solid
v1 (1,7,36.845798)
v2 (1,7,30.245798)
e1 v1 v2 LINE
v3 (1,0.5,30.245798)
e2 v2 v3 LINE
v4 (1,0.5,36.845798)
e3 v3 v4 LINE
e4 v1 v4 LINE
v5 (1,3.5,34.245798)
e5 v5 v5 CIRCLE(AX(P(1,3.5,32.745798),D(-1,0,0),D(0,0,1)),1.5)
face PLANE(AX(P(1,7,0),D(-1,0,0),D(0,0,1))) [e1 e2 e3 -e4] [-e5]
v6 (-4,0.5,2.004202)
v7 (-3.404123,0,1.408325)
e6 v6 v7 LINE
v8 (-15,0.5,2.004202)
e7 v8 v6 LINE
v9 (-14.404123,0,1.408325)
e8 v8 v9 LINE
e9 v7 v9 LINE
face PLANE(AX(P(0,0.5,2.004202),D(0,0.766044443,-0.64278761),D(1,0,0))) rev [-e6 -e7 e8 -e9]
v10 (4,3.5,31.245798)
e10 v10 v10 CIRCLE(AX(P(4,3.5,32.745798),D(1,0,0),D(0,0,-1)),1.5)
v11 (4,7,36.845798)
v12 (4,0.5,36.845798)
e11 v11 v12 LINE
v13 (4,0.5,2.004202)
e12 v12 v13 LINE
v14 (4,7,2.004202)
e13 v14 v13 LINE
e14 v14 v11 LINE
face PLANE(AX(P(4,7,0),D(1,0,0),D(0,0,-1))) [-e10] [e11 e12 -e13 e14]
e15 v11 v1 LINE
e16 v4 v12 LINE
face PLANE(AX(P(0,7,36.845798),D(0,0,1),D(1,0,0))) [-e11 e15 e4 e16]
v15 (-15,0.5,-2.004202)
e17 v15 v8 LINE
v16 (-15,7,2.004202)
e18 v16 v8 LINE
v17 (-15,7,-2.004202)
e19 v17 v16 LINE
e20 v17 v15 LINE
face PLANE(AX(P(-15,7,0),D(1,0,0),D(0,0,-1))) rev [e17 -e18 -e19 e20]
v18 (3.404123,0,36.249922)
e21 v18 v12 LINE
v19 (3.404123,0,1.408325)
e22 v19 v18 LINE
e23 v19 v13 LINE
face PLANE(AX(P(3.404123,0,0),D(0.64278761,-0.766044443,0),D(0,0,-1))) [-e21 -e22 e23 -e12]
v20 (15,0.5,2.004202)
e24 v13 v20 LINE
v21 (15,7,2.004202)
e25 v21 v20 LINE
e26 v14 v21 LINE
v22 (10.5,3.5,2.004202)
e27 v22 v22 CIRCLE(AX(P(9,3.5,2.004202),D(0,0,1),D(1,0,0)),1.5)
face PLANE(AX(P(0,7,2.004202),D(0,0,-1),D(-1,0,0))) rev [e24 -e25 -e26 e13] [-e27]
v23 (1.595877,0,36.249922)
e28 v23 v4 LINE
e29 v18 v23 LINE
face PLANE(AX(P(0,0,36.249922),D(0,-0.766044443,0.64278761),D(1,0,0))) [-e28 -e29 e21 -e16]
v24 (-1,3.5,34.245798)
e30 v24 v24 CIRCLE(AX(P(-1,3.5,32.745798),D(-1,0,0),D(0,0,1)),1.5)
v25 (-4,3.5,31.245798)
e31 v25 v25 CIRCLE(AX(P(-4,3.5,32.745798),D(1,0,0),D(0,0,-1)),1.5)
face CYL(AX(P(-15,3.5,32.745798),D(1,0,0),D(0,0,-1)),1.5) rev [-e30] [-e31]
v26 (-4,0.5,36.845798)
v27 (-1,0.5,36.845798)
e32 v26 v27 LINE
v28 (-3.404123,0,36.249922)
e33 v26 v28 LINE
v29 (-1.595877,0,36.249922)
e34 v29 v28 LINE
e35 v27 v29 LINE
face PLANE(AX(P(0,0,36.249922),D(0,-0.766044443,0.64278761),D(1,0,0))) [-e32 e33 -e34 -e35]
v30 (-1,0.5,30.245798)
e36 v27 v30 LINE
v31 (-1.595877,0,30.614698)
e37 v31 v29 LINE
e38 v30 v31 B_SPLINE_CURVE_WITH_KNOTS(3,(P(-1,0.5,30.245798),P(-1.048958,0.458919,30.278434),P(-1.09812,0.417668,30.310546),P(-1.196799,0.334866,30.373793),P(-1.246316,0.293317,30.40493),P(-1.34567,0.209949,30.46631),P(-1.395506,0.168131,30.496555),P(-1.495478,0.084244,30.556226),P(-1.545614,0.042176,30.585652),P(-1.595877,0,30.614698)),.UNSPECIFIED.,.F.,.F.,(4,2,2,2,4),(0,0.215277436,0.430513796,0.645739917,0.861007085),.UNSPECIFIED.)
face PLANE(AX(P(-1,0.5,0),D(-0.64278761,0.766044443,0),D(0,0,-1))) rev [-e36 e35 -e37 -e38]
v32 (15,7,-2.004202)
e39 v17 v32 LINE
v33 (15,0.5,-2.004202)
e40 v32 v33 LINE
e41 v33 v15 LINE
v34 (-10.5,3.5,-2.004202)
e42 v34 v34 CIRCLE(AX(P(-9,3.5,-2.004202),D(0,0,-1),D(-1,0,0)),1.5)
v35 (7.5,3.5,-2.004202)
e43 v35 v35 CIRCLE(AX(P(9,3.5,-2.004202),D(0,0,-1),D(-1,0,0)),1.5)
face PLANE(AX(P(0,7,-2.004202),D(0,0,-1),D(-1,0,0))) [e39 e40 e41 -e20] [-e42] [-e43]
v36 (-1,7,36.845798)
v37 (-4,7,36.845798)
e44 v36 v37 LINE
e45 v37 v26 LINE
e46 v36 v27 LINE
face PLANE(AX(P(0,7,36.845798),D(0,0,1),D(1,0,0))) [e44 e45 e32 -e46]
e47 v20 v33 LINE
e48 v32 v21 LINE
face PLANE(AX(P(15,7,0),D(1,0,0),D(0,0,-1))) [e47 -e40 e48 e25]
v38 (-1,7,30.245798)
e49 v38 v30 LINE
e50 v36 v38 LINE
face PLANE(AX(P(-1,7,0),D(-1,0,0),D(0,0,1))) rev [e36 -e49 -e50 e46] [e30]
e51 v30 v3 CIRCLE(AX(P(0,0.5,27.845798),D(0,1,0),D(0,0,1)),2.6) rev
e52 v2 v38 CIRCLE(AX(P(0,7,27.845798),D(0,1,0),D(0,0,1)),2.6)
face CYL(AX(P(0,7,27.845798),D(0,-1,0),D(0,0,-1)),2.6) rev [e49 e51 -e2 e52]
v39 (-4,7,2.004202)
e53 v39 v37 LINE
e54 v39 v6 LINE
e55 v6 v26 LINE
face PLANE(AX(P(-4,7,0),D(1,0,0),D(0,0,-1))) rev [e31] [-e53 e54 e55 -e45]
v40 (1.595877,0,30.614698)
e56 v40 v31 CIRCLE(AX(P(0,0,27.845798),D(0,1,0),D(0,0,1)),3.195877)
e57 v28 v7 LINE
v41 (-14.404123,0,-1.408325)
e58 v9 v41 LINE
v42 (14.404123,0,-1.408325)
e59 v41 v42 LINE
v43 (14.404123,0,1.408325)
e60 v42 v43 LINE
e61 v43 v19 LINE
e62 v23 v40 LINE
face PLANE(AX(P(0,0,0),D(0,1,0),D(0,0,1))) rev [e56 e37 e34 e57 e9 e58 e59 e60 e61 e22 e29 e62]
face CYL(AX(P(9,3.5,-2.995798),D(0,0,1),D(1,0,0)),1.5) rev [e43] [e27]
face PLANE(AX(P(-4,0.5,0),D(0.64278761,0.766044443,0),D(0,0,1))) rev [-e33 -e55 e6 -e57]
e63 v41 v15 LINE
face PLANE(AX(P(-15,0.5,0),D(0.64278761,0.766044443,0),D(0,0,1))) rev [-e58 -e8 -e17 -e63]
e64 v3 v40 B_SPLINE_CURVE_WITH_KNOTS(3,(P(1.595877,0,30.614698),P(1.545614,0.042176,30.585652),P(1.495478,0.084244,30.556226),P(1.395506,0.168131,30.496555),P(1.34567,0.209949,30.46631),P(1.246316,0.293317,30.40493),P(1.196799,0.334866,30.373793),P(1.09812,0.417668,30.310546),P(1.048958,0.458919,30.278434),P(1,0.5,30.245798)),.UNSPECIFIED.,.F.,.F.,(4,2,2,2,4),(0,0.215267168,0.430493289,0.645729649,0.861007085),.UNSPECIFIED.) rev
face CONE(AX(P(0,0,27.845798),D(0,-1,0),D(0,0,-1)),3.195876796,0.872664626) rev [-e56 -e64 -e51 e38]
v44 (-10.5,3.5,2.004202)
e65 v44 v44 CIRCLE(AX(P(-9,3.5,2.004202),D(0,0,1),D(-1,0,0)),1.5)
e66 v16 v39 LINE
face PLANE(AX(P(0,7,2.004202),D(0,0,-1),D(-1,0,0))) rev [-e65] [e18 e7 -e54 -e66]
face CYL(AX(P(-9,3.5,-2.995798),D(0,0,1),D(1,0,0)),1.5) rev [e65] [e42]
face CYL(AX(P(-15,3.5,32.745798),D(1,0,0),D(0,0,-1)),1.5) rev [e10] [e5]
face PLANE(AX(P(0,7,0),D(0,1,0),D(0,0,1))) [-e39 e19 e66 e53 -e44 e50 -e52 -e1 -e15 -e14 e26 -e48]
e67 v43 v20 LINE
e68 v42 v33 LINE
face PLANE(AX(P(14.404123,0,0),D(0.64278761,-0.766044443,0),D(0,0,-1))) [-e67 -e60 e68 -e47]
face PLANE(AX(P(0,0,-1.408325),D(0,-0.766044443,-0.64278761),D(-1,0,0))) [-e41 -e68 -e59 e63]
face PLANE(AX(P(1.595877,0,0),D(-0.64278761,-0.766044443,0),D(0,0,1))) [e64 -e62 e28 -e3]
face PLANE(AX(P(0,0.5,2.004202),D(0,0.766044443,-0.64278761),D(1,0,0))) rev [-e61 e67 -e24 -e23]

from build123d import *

# Parameters (mm, degrees)
SKETCH1_W              = 30
SKETCH1_H              = 4.008403362
BOSS_EXTRUDE1_DEPTH    = 7
SKETCH2_R              = 1.5
CUT_EXTRUDE1_DEPTH     = 20
SKETCH3_R              = 1.5
CUT_EXTRUDE2_DEPTH     = 5
CHAMFER1_SIZE          = 0.5
CHAMFER1_SIZE2         = 0.595876796
CHAMFER1_PART_2_SIZE   = 0.5
CHAMFER1_PART_2_SIZE2  = 0.595876796
CHAMFER1_PART_3_SIZE   = 0.5
CHAMFER1_PART_3_SIZE2  = 0.595876796
CHAMFER1_PART_4_SIZE   = 0.5
CHAMFER1_PART_4_SIZE2  = 0.595876796
CHAMFER1_PART_5_SIZE   = 0.5
CHAMFER1_PART_5_SIZE2  = 0.595876796
CHAMFER1_PART_6_SIZE   = 0.5
CHAMFER1_PART_6_SIZE2  = 0.595876796
CHAMFER1_PART_7_SIZE   = 0.5
CHAMFER1_PART_7_SIZE2  = 0.595876796
CHAMFER1_PART_8_SIZE   = 0.5
CHAMFER1_PART_8_SIZE2  = 0.595876796
CHAMFER1_PART_9_SIZE   = 0.5
CHAMFER1_PART_9_SIZE2  = 0.595876796
CHAMFER1_PART_10_SIZE  = 0.5
CHAMFER1_PART_10_SIZE2 = 0.595876796
CHAMFER1_PART_11_SIZE  = 0.5
CHAMFER1_PART_11_SIZE2 = 0.595876796
CHAMFER1_PART_12_SIZE  = 0.5
CHAMFER1_PART_12_SIZE2 = 0.595876796


with BuildPart() as part:
    # Sketch1 → Boss-Extrude1 (new body)
    with BuildSketch(Plane(origin=(0, 0, 0), x_dir=(1, 0, 0), z_dir=(0, 1, 0))):
        with BuildLine():
            Line((4, -2.004201681), (-4, -2.004201681))
            Line((-4, -2.004201681), (-4, -36.845798319))
            Line((-4, -36.845798319), (-1, -36.845798319))
            Line((-1, -36.845798319), (-1, -30.245798319))
            ThreePointArc((-1, -30.245798319), (-1.44222051, -25.682467554), (2.6, -27.845798319))
            ThreePointArc((2.6, -27.845798319), (2.163330765, -29.28801883), (1, -30.245798319))
            Line((1, -30.245798319), (1, -36.845798319))
            Line((1, -36.845798319), (4, -36.845798319))
            Line((4, -36.845798319), (4, -2.004201681))
        make_face()
        Rectangle(SKETCH1_W, SKETCH1_H)
    extrude(amount=BOSS_EXTRUDE1_DEPTH)

    # Sketch2 → Cut-Extrude1 (cut, through all)
    with BuildSketch(Plane(origin=(4, 0, 0), x_dir=(0, 0, -1), z_dir=(1, 0, 0))):
        with Locations((-32.745798319, 3.5)):
            Circle(SKETCH2_R)
    extrude(amount=-CUT_EXTRUDE1_DEPTH, mode=Mode.SUBTRACT)

    # Sketch3 → Cut-Extrude2 (cut)
    with BuildSketch(Plane.XY.offset(2.004201681)):
        with Locations((9, 3.5)):
            Circle(SKETCH3_R)
        with Locations((-9, 3.5)):
            Circle(SKETCH3_R)
    extrude(amount=-CUT_EXTRUDE2_DEPTH, mode=Mode.SUBTRACT)

    # Chamfer1
    chamfer1_edges = [part.edges().sort_by_distance(p)[0] for p in [
        (-1, 0, 33.545798319),
    ]]
    chamfer1_side = [part.faces().sort_by_distance(p)[0] for p in [
        (-1, 3.5, 36.749590212),
    ]]
    chamfer(chamfer1_edges, length=CHAMFER1_SIZE, length2=CHAMFER1_SIZE2, reference=chamfer1_side[0])

    # Chamfer1 part 2
    chamfer1_part_2_edges = [part.edges().sort_by_distance(p)[0] for p in [
        (-2.5, 0, 36.845798319),
    ]]
    chamfer1_part_2_side = [part.faces().sort_by_distance(p)[0] for p in [
        (-2.5, 3.5, 36.845798319),
    ]]
    chamfer(chamfer1_part_2_edges, length=CHAMFER1_PART_2_SIZE, length2=CHAMFER1_PART_2_SIZE2, reference=chamfer1_part_2_side[0])

    # Chamfer1 part 3
    chamfer1_part_3_edges = [part.edges().sort_by_distance(p)[0] for p in [
        (-4, 0, 19.425),
    ]]
    chamfer1_part_3_side = [part.faces().sort_by_distance(p)[0] for p in [
        (-4, 3.5, 19.027406284),
    ]]
    chamfer(chamfer1_part_3_edges, length=CHAMFER1_PART_3_SIZE, length2=CHAMFER1_PART_3_SIZE2, reference=chamfer1_part_3_side[0])

    # Chamfer1 part 4
    chamfer1_part_4_edges = [part.edges().sort_by_distance(p)[0] for p in [
        (-9.5, 0, 2.004201681),
    ]]
    chamfer1_part_4_side = [part.faces().sort_by_distance(p)[0] for p in [
        (-9.5, 0.130384048, 2.004201681),
    ]]
    chamfer(chamfer1_part_4_edges, length=CHAMFER1_PART_4_SIZE, length2=CHAMFER1_PART_4_SIZE2, reference=chamfer1_part_4_side[0])

    # Chamfer1 part 5
    chamfer1_part_5_edges = [part.edges().sort_by_distance(p)[0] for p in [
        (-15, 0, 0),
    ]]
    chamfer1_part_5_side = [part.faces().sort_by_distance(p)[0] for p in [
        (-15, 3.5, 0),
    ]]
    chamfer(chamfer1_part_5_edges, length=CHAMFER1_PART_5_SIZE, length2=CHAMFER1_PART_5_SIZE2, reference=chamfer1_part_5_side[0])

    # Chamfer1 part 6
    chamfer1_part_6_edges = [part.edges().sort_by_distance(p)[0] for p in [
        (0, 0, -2.004201681),
    ]]
    chamfer1_part_6_side = [part.faces().sort_by_distance(p)[0] for p in [
        (0, 3.5, -2.004201681),
    ]]
    chamfer(chamfer1_part_6_edges, length=CHAMFER1_PART_6_SIZE, length2=CHAMFER1_PART_6_SIZE2, reference=chamfer1_part_6_side[0])

    # Chamfer1 part 7
    chamfer1_part_7_edges = [part.edges().sort_by_distance(p)[0] for p in [
        (15, 0, 0),
    ]]
    chamfer1_part_7_side = [part.faces().sort_by_distance(p)[0] for p in [
        (15, 3.5, 0),
    ]]
    chamfer(chamfer1_part_7_edges, length=CHAMFER1_PART_7_SIZE, length2=CHAMFER1_PART_7_SIZE2, reference=chamfer1_part_7_side[0])

    # Chamfer1 part 8
    chamfer1_part_8_edges = [part.edges().sort_by_distance(p)[0] for p in [
        (9.5, 0, 2.004201681),
    ]]
    chamfer1_part_8_side = [part.faces().sort_by_distance(p)[0] for p in [
        (9.5, 0.130384048, 2.004201681),
    ]]
    chamfer(chamfer1_part_8_edges, length=CHAMFER1_PART_8_SIZE, length2=CHAMFER1_PART_8_SIZE2, reference=chamfer1_part_8_side[0])

    # Chamfer1 part 9
    chamfer1_part_9_edges = [part.edges().sort_by_distance(p)[0] for p in [
        (4, 0, 19.425),
    ]]
    chamfer1_part_9_side = [part.faces().sort_by_distance(p)[0] for p in [
        (4, 3.5, 19.027406284),
    ]]
    chamfer(chamfer1_part_9_edges, length=CHAMFER1_PART_9_SIZE, length2=CHAMFER1_PART_9_SIZE2, reference=chamfer1_part_9_side[0])

    # Chamfer1 part 10
    chamfer1_part_10_edges = [part.edges().sort_by_distance(p)[0] for p in [
        (2.5, 0, 36.845798319),
    ]]
    chamfer1_part_10_side = [part.faces().sort_by_distance(p)[0] for p in [
        (2.5, 3.5, 36.845798319),
    ]]
    chamfer(chamfer1_part_10_edges, length=CHAMFER1_PART_10_SIZE, length2=CHAMFER1_PART_10_SIZE2, reference=chamfer1_part_10_side[0])

    # Chamfer1 part 11
    chamfer1_part_11_edges = [part.edges().sort_by_distance(p)[0] for p in [
        (1, 0, 33.545798319),
    ]]
    chamfer1_part_11_side = [part.faces().sort_by_distance(p)[0] for p in [
        (1, 3.5, 30.342006427),
    ]]
    chamfer(chamfer1_part_11_edges, length=CHAMFER1_PART_11_SIZE, length2=CHAMFER1_PART_11_SIZE2, reference=chamfer1_part_11_side[0])

    # Chamfer1 part 12
    chamfer1_part_12_edges = [part.edges().sort_by_distance(p)[0] for p in [
        (-1.44222051, 0, 25.682467554),
    ]]
    chamfer1_part_12_side = [part.faces().sort_by_distance(p)[0] for p in [
        (-1.44222051, 3.5, 25.682467554),
    ]]
    chamfer(chamfer1_part_12_edges, length=CHAMFER1_PART_12_SIZE, length2=CHAMFER1_PART_12_SIZE2, reference=chamfer1_part_12_side[0])


solid = part.part
